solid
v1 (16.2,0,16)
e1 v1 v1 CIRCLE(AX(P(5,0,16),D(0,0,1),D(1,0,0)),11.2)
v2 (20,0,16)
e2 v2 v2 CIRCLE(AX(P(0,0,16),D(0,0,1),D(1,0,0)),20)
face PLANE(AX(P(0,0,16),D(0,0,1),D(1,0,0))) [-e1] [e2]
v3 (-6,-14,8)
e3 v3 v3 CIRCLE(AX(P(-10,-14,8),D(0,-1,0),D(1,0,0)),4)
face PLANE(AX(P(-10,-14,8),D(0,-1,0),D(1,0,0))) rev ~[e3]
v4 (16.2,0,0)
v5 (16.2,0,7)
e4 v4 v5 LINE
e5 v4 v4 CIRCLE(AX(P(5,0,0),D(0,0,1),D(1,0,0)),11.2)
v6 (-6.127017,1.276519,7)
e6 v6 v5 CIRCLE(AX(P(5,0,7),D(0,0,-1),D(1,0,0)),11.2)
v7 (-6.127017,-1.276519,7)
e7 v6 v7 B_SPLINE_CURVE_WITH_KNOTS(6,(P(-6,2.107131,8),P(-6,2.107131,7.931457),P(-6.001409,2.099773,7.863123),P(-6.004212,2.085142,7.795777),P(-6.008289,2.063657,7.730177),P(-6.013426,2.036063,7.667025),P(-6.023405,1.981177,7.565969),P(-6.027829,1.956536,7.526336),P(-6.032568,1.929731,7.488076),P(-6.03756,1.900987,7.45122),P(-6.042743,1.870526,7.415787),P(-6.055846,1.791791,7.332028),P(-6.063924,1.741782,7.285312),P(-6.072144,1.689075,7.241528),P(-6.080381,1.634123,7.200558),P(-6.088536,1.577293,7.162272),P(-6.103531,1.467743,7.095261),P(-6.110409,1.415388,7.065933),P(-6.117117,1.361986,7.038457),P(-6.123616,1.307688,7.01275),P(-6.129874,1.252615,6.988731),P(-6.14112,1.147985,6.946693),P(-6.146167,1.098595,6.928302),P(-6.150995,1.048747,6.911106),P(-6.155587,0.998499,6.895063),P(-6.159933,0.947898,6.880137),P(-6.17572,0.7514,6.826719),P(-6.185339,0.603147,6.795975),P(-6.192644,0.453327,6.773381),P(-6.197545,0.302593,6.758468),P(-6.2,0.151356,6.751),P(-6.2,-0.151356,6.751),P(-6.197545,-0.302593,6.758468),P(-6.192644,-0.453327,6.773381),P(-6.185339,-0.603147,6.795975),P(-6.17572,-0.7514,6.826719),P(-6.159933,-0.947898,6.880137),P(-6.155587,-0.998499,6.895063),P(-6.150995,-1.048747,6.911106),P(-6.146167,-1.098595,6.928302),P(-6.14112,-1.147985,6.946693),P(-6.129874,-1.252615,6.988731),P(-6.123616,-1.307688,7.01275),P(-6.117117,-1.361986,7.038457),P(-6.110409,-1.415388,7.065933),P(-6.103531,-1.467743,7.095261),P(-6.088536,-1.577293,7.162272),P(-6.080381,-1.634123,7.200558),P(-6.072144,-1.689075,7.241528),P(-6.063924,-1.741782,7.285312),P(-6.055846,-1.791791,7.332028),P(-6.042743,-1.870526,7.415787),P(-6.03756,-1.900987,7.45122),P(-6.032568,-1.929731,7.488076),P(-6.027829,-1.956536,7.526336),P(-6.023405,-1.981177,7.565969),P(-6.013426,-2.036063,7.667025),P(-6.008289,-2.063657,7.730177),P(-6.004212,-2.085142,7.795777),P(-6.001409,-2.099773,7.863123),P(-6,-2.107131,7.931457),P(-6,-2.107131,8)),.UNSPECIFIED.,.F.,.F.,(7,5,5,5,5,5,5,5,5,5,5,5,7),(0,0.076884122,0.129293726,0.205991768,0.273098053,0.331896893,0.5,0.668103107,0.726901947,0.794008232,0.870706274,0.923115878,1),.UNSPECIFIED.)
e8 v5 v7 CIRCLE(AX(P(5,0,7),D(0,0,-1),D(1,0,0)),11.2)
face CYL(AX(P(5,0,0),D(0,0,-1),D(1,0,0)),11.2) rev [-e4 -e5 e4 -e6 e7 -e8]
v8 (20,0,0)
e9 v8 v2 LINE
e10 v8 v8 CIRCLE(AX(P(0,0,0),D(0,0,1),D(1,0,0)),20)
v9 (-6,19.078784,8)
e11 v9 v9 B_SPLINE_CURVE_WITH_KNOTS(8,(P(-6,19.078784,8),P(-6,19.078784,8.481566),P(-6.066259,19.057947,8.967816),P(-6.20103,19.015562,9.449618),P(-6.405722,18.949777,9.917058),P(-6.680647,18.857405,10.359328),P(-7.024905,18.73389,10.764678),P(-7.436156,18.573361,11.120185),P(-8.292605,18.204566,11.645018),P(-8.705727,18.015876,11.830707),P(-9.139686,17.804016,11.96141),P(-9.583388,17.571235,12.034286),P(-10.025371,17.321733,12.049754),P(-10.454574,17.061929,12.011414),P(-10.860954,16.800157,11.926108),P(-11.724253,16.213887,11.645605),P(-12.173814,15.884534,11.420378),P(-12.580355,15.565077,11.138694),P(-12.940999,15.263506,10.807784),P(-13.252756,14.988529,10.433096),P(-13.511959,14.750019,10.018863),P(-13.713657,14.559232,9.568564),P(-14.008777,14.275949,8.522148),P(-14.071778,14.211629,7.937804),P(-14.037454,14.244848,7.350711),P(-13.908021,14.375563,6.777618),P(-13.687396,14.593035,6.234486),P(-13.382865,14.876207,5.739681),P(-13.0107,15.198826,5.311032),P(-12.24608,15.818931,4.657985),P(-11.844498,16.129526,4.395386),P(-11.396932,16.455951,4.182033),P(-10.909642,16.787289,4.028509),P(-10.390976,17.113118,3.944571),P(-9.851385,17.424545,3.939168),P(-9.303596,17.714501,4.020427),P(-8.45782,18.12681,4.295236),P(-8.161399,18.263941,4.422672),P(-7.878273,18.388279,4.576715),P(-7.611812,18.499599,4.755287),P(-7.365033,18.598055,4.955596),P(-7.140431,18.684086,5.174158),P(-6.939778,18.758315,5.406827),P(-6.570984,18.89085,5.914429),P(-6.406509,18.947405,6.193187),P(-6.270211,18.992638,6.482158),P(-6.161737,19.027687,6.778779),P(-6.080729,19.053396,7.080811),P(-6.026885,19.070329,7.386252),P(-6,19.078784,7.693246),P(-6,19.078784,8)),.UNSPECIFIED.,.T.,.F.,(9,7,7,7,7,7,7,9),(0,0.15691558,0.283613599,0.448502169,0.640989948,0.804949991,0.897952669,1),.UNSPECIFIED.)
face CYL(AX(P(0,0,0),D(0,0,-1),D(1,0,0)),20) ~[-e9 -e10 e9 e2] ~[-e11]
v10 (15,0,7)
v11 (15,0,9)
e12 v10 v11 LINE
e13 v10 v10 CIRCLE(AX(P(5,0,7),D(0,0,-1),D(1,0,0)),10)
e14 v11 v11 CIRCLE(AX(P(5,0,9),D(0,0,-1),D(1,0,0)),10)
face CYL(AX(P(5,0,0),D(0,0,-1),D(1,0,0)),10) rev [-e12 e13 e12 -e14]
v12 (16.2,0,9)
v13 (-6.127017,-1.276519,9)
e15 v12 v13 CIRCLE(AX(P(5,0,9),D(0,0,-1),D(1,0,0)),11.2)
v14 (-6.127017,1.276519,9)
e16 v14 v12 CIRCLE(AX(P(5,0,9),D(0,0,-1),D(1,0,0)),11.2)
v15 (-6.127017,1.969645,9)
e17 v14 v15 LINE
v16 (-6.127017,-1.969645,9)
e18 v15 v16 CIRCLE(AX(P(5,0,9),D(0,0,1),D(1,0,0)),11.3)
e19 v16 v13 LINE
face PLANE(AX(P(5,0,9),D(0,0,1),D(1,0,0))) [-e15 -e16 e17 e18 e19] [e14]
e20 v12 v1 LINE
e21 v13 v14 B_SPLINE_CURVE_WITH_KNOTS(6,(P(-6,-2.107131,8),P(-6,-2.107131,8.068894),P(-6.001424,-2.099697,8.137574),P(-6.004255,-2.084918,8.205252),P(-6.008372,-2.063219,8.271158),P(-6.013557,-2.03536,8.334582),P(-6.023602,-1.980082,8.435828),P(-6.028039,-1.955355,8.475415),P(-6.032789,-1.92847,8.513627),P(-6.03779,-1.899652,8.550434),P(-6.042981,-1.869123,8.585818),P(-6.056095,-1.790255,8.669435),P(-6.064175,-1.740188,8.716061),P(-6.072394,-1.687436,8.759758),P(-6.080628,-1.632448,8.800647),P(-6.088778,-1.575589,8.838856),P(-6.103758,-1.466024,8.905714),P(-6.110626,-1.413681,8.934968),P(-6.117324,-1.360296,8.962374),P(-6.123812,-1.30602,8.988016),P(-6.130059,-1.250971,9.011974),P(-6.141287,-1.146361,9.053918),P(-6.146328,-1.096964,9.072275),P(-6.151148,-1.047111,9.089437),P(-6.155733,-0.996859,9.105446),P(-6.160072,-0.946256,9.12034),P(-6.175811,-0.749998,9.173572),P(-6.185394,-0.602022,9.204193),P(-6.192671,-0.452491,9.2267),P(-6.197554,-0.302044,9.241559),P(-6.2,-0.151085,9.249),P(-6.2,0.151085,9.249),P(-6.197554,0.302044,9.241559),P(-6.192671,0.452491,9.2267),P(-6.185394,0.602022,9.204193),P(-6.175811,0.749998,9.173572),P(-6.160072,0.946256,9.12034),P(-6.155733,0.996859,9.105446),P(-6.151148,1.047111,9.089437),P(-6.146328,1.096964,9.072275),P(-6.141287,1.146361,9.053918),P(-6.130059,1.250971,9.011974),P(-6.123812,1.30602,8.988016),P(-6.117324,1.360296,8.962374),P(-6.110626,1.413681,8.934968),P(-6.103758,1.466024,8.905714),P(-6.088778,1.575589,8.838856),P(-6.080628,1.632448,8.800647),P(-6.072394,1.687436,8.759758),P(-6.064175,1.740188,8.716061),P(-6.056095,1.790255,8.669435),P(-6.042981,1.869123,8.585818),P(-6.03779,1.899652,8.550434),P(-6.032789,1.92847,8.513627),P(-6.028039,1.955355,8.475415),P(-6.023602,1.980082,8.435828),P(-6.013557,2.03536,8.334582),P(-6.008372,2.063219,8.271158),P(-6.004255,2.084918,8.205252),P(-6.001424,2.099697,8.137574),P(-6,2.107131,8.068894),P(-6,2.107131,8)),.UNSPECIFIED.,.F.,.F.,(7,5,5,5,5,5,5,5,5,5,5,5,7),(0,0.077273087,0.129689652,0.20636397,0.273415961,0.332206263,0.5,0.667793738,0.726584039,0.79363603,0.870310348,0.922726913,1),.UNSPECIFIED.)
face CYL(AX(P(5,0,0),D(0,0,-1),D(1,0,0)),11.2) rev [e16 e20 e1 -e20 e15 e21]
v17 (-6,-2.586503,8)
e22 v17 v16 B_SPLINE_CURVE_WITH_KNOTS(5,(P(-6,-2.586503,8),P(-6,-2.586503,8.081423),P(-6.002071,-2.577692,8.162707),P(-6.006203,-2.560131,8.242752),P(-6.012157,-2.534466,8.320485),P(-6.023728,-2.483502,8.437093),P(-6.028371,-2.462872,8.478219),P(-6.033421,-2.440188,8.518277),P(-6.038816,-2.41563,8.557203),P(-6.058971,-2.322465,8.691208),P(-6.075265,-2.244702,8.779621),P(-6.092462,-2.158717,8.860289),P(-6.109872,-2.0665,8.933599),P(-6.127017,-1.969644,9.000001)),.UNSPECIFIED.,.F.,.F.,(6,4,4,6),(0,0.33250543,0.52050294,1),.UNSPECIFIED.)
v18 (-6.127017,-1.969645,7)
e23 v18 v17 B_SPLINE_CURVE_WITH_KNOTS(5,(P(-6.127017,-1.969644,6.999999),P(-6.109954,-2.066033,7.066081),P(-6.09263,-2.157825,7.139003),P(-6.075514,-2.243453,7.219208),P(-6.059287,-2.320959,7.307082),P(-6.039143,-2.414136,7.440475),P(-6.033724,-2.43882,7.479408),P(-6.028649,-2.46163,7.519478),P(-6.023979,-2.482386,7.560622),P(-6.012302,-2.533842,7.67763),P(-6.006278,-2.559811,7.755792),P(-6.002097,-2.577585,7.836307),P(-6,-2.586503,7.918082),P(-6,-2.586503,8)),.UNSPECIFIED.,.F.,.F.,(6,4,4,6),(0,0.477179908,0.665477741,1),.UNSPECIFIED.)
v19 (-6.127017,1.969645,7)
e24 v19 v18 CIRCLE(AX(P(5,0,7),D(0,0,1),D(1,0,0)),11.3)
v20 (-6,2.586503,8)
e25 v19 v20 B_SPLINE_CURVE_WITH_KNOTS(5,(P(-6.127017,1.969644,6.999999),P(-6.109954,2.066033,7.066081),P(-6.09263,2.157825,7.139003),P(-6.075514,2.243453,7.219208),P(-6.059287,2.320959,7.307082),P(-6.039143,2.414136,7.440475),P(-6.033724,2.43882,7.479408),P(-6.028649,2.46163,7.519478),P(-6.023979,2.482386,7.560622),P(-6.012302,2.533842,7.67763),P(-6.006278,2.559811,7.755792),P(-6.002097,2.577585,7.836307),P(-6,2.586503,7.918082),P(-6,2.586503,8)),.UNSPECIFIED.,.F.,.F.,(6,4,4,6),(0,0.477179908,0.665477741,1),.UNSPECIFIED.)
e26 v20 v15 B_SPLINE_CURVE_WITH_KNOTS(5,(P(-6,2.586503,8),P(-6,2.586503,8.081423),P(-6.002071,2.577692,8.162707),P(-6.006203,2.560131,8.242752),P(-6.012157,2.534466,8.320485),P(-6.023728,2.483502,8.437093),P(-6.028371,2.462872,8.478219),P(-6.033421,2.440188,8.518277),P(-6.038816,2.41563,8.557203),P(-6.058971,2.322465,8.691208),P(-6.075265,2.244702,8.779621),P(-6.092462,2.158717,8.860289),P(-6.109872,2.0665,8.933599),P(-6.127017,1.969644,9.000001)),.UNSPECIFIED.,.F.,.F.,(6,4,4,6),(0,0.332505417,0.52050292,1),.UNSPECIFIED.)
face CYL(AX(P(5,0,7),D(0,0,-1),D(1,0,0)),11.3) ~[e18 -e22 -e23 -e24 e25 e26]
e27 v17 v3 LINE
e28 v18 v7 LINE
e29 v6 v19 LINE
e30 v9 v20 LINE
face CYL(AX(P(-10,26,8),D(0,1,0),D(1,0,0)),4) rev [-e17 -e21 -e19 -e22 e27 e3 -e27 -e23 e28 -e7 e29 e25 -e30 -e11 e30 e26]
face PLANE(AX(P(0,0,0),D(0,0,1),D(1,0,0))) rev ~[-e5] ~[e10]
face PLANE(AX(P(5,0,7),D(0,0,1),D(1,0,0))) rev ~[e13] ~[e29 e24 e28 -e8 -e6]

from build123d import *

# Parameters (mm, degrees)
CYLINDER004_R          = 10
CYLINDER004_DEPTH      = 10
CYLINDER003_R          = 11.3
CYLINDER003_DEPTH      = 2
CYLINDER002_R          = 4
CYLINDER002_DEPTH      = 40
CYLINDER002_ROLL_ANGLE = 90
CYLINDER001_R          = 11.2
CYLINDER001_DEPTH      = 16
CYLINDER_R             = 20
CYLINDER_DEPTH         = 16


with BuildPart() as cylinder004:
    # Cylinder004 → Cylinder004 (new body)
    with BuildSketch(Plane(origin=(5, 0, 0), x_dir=(1, 0, 0), z_dir=(0, 0, 1))):
        Circle(CYLINDER004_R)
    extrude(amount=CYLINDER004_DEPTH)


with BuildPart() as cylinder003:
    # Cylinder003 → Cylinder003 (new body)
    with BuildSketch(Plane(origin=(5, 0, 7), x_dir=(1, 0, 0), z_dir=(0, 0, 1))):
        Circle(CYLINDER003_R)
    extrude(amount=CYLINDER003_DEPTH)


with BuildPart() as cylinder002:
    # Cylinder002 → Cylinder002 (new body)
    with BuildSketch(Plane.XY):
        Circle(CYLINDER002_R)
    extrude(amount=CYLINDER002_DEPTH)


with BuildPart() as cylinder002_1:
    # Cylinder002 roll: moved
    add(cylinder002.part.rotate(Axis((0, 0, 0), (1, 0, 0)), CYLINDER002_ROLL_ANGLE))


with BuildPart() as cylinder002_2:
    # Cylinder002 placement: moved
    add(cylinder002_1.part.moved(Location((-10, 26, 8))))


with BuildPart() as cylinder001:
    # Cylinder001 → Cylinder001 (new body)
    with BuildSketch(Plane(origin=(5, 0, 0), x_dir=(1, 0, 0), z_dir=(0, 0, 1))):
        Circle(CYLINDER001_R)
    extrude(amount=CYLINDER001_DEPTH)


with BuildPart() as cut002:
    # Cylinder → Cylinder (new body)
    with BuildSketch(Plane.XY):
        Circle(CYLINDER_R)
    extrude(amount=CYLINDER_DEPTH)

    # Cut: cut Cylinder001
    add(cylinder001.part, mode=Mode.SUBTRACT)

    # Cut001: cut Cylinder002
    add(cylinder002_2.part, mode=Mode.SUBTRACT)

    # Fusion: union Cylinder003
    add(cylinder003.part)

    # Cut002: cut Cylinder004
    add(cylinder004.part, mode=Mode.SUBTRACT)


solid = cut002.part
